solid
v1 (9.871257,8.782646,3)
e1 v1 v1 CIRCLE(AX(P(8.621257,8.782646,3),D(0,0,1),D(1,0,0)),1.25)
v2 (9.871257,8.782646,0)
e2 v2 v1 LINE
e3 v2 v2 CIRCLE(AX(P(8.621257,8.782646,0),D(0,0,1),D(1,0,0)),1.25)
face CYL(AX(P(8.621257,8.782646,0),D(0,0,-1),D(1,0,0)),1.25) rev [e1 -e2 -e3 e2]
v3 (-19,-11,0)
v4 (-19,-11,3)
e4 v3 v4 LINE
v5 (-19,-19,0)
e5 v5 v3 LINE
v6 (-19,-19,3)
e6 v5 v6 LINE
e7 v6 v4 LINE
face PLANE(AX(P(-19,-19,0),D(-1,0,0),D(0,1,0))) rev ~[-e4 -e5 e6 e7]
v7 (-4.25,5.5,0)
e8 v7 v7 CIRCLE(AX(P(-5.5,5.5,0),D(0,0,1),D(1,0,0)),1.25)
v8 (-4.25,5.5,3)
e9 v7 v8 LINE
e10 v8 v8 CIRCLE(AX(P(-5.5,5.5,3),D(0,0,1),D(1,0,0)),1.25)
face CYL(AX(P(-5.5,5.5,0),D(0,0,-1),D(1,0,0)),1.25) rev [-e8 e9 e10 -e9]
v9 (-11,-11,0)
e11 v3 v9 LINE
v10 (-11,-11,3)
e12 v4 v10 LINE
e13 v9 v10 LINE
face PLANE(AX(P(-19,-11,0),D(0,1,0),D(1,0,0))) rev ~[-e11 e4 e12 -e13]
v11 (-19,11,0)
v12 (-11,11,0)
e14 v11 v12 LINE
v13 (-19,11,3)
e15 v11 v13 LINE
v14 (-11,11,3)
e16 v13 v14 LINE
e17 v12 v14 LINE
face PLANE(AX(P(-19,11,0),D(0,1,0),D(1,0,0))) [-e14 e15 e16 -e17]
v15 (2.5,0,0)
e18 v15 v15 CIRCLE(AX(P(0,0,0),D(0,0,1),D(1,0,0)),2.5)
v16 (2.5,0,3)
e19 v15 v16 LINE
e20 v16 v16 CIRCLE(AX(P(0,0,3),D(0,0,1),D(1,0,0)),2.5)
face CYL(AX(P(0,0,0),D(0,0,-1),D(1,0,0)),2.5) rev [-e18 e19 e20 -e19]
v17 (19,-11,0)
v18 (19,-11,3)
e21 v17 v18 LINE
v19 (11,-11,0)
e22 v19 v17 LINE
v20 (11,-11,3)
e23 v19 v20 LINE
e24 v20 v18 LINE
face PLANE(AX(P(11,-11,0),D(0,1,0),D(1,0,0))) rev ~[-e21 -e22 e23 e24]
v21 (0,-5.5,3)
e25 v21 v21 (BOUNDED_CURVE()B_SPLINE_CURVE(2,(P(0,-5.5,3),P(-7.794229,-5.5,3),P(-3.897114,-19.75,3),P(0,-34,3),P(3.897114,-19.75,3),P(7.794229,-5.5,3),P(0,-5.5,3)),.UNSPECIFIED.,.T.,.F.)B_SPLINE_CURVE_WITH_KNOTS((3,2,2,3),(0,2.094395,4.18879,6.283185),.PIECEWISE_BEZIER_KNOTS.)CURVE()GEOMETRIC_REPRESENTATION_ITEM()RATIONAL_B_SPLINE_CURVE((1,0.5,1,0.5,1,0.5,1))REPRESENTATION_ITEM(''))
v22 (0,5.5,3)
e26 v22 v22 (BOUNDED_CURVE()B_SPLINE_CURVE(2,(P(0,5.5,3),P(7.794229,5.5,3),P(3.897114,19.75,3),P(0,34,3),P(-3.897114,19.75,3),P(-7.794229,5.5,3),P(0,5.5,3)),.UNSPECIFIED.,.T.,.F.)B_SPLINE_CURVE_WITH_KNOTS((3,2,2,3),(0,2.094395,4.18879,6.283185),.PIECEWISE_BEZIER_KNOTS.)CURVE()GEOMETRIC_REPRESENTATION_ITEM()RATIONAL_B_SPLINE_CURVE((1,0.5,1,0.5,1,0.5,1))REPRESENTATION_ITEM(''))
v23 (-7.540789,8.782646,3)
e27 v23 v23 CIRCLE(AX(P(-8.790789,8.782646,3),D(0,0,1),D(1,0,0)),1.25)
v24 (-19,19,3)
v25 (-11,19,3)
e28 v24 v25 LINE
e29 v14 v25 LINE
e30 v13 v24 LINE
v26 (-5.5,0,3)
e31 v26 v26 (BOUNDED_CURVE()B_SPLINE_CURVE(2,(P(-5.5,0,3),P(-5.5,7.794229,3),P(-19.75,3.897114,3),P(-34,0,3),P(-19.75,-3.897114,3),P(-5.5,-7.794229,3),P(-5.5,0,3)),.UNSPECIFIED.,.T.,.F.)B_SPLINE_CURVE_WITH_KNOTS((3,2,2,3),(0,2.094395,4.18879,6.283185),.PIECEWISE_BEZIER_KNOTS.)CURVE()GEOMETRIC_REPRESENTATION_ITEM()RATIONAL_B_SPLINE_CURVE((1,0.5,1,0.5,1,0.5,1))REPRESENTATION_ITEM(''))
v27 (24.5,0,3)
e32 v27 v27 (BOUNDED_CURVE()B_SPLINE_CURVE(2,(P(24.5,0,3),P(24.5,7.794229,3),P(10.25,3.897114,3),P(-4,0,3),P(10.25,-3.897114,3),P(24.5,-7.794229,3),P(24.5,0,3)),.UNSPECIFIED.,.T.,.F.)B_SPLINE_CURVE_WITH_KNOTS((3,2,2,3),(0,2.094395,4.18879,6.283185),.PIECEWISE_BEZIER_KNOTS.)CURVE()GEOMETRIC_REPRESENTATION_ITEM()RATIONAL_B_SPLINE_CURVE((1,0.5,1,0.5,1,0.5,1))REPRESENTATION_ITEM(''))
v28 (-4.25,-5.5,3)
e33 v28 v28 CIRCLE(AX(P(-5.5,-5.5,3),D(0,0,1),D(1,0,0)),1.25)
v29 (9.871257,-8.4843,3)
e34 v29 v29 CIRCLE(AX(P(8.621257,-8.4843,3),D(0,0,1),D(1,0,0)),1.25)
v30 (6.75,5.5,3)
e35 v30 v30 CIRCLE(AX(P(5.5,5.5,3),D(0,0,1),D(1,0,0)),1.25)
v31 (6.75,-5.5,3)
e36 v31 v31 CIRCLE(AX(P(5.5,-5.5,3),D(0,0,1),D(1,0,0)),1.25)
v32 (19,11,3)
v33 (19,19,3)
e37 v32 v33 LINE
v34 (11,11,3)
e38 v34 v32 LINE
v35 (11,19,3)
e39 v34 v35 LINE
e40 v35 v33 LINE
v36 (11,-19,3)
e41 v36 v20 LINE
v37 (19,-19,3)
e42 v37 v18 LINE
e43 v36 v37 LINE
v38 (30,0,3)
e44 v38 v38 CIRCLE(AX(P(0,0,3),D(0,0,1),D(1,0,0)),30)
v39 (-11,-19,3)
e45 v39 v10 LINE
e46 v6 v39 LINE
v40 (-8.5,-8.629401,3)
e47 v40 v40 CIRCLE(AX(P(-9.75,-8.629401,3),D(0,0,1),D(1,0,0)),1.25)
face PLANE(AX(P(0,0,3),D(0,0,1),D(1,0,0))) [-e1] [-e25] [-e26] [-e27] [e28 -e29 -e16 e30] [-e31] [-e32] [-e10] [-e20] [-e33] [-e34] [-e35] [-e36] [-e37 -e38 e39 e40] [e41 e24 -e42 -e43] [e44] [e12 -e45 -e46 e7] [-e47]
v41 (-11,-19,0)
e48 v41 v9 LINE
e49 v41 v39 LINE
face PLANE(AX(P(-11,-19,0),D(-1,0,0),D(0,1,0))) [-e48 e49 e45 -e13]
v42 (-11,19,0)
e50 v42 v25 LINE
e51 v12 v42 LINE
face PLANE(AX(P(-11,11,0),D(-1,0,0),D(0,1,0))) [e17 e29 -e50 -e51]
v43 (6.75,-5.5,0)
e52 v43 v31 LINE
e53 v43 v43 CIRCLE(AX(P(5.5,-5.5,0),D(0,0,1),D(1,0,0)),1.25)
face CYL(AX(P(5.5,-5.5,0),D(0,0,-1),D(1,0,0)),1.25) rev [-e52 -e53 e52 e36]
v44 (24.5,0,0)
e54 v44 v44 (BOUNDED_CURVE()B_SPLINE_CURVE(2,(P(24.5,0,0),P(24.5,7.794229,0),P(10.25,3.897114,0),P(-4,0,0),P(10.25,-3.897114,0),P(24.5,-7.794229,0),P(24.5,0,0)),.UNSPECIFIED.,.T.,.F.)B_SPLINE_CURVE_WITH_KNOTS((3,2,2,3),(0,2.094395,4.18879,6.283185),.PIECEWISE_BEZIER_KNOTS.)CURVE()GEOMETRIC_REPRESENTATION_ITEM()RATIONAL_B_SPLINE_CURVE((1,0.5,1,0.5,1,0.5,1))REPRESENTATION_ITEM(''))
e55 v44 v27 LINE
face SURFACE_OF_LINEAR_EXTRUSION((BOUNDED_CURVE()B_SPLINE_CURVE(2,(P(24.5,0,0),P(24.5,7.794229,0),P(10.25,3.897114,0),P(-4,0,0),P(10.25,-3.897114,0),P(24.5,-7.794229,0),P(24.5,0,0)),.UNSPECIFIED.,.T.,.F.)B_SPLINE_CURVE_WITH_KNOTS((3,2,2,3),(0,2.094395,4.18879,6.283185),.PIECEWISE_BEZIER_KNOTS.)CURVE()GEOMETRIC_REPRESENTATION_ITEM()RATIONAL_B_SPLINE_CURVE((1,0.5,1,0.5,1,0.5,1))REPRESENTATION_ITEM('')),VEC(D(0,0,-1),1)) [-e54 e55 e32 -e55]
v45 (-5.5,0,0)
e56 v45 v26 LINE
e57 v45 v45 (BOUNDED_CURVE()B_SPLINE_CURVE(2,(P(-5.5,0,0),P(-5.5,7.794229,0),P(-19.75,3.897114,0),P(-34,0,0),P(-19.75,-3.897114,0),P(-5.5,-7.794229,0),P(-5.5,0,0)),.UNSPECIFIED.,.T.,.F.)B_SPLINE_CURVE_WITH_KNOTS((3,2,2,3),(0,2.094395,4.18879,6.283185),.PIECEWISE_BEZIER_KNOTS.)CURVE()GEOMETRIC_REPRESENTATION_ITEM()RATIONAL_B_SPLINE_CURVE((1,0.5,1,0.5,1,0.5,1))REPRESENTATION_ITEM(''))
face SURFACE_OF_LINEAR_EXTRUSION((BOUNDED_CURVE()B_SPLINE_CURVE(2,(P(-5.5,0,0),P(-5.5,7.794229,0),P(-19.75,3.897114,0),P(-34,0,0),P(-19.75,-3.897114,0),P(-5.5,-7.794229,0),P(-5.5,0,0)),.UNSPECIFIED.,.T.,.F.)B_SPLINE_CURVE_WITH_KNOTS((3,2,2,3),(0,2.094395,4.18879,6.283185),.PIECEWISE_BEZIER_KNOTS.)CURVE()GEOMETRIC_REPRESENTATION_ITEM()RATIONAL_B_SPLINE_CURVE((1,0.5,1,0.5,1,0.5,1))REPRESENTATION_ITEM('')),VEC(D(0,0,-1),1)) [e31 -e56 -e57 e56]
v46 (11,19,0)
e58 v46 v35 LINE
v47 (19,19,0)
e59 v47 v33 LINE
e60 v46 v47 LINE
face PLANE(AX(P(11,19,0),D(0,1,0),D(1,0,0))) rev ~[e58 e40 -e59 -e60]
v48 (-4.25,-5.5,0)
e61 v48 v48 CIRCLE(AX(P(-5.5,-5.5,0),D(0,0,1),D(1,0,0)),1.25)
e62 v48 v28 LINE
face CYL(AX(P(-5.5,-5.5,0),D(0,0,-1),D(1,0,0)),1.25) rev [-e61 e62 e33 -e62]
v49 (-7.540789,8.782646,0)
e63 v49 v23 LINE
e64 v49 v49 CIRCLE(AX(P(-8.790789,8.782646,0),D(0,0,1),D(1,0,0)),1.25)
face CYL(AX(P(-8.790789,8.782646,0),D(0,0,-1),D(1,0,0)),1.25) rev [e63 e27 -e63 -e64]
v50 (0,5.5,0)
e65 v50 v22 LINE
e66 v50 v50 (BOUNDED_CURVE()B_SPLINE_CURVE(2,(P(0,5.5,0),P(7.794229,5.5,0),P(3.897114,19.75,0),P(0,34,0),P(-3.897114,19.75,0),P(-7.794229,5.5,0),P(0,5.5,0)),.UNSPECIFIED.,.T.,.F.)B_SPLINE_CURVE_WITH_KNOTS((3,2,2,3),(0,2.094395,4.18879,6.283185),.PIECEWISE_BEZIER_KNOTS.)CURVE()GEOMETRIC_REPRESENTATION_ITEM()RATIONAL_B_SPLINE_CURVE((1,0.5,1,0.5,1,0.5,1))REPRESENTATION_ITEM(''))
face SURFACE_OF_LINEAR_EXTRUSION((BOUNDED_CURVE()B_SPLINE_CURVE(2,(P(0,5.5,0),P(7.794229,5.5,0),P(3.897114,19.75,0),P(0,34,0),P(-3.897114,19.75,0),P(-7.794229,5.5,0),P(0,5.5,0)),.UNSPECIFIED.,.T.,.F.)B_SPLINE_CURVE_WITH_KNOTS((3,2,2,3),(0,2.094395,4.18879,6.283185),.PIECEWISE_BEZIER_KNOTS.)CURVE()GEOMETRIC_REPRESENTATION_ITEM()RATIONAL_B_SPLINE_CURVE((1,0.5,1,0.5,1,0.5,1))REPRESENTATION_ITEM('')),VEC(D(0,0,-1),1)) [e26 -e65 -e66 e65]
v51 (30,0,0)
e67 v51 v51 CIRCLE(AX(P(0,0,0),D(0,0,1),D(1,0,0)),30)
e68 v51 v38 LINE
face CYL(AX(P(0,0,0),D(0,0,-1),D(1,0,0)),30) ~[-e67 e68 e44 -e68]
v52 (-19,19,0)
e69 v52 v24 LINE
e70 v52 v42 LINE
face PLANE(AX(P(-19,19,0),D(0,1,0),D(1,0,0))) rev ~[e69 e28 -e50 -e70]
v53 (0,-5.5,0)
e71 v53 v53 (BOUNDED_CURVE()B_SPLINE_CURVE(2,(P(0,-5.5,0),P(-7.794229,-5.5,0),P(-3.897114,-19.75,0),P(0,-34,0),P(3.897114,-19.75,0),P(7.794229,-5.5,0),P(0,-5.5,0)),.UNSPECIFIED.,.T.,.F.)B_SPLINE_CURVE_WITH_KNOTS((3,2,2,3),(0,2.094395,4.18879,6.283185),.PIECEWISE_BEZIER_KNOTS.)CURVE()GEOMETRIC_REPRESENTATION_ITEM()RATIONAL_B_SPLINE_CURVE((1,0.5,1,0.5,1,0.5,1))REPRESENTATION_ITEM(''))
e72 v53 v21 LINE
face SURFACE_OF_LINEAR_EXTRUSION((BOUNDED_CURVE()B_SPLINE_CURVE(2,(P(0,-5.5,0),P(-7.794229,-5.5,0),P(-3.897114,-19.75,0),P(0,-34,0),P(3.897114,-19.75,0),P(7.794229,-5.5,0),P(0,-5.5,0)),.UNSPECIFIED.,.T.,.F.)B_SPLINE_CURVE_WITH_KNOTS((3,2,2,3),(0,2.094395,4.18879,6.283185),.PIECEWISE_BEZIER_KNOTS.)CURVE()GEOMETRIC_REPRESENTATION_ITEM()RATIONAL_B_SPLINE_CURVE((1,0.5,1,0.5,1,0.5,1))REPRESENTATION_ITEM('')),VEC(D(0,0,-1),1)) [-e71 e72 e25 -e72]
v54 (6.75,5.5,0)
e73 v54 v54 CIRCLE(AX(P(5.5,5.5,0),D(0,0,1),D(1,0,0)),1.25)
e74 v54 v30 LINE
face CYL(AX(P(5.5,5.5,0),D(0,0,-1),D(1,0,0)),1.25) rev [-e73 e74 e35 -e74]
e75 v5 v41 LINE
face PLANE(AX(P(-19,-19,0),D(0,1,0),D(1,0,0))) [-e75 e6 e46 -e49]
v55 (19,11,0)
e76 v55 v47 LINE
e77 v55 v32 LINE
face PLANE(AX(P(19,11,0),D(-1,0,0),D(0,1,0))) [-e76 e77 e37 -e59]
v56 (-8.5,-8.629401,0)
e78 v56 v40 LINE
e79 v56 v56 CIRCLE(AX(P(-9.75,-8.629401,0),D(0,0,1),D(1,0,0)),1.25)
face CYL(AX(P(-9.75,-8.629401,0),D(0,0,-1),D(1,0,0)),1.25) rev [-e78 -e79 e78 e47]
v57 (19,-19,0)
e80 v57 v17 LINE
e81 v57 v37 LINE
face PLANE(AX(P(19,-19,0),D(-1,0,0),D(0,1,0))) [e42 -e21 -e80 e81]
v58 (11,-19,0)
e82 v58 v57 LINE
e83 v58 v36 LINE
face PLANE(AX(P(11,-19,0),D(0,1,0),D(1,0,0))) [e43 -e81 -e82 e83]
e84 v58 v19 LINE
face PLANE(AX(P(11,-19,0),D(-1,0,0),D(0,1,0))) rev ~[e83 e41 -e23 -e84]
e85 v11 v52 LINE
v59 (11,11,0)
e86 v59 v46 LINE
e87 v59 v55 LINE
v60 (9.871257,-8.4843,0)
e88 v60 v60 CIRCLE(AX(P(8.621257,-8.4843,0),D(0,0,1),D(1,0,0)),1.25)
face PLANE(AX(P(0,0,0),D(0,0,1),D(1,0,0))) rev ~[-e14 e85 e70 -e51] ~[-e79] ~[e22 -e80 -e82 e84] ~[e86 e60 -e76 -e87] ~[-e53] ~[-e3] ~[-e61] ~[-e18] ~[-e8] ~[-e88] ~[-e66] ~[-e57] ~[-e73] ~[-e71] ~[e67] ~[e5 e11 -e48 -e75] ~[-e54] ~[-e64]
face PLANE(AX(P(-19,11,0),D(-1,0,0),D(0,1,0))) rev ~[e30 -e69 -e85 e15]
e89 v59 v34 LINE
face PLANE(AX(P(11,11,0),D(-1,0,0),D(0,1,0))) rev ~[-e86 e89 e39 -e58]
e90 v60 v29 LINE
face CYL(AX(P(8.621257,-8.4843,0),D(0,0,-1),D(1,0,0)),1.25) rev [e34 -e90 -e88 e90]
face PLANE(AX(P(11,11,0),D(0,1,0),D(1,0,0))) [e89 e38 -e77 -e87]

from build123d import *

# Parameters (mm, degrees)
F0_R     = 30
F0_W     = 8
F0_H     = 8
F0_R_2   = 1.25
F0_R_3   = 2.5
F1_DEPTH = 3


with BuildPart() as f1:
    # F0 (on Top) → F1 (new body)
    with BuildSketch(Plane.XY):
        Circle(F0_R)
        with Locations((-15, -15)):
            Rectangle(F0_W, F0_H, mode=Mode.SUBTRACT)
        with Locations((-9.75, -8.629401)):
            Circle(F0_R_2, mode=Mode.SUBTRACT)
        with Locations((-5.5, -5.5)):
            Circle(F0_R_2, mode=Mode.SUBTRACT)
        with BuildLine():
            add(Edge.make_bspline(
                [(0, -5.5), (-7.794229, -5.5), (-3.897114, -19.75), (0, -34), (3.897114, -19.75), (7.794229, -5.5), (0, -5.5)],
                knots=[0, 0, 0, 2.094395, 2.094395, 4.18879, 4.18879, 6.283185, 6.283185, 6.283185], degree=2, weights=[1, 0.5, 1, 0.5, 1, 0.5, 1]))
        make_face(mode=Mode.SUBTRACT)
        with Locations((8.621257, -8.4843)):
            Circle(F0_R_2, mode=Mode.SUBTRACT)
        with Locations((5.5, -5.5)):
            Circle(F0_R_2, mode=Mode.SUBTRACT)
        with Locations((15, -15)):
            Rectangle(F0_W, F0_H, mode=Mode.SUBTRACT)
        with BuildLine():
            add(Edge.make_bspline(
                [(-5.5, 0), (-5.5, 7.794229), (-19.75, 3.897114), (-34, 0), (-19.75, -3.897114), (-5.5, -7.794229), (-5.5, 0)],
                knots=[0, 0, 0, 2.094395, 2.094395, 4.18879, 4.18879, 6.283185, 6.283185, 6.283185], degree=2, weights=[1, 0.5, 1, 0.5, 1, 0.5, 1]))
        make_face(mode=Mode.SUBTRACT)
        with Locations((-5.5, 5.5)):
            Circle(F0_R_2, mode=Mode.SUBTRACT)
        with Locations((-8.790789, 8.782646)):
            Circle(F0_R_2, mode=Mode.SUBTRACT)
        with Locations((-15, 15)):
            Rectangle(F0_W, F0_H, mode=Mode.SUBTRACT)
        Circle(F0_R_3, mode=Mode.SUBTRACT)
        with Locations((5.5, 5.5)):
            Circle(F0_R_2, mode=Mode.SUBTRACT)
        with Locations((8.621257, 8.782646)):
            Circle(F0_R_2, mode=Mode.SUBTRACT)
        with BuildLine():
            add(Edge.make_bspline(
                [(24.5, 0), (24.5, 7.794229), (10.25, 3.897114), (-4, 0), (10.25, -3.897114), (24.5, -7.794229), (24.5, 0)],
                knots=[0, 0, 0, 2.094395, 2.094395, 4.18879, 4.18879, 6.283185, 6.283185, 6.283185], degree=2, weights=[1, 0.5, 1, 0.5, 1, 0.5, 1]))
        make_face(mode=Mode.SUBTRACT)
        with BuildLine():
            add(Edge.make_bspline(
                [(0, 5.5), (7.794229, 5.5), (3.897114, 19.75), (0, 34), (-3.897114, 19.75), (-7.794229, 5.5), (0, 5.5)],
                knots=[0, 0, 0, 2.094395, 2.094395, 4.18879, 4.18879, 6.283185, 6.283185, 6.283185], degree=2, weights=[1, 0.5, 1, 0.5, 1, 0.5, 1]))
        make_face(mode=Mode.SUBTRACT)
        with Locations((15, 15)):
            Rectangle(F0_W, F0_H, mode=Mode.SUBTRACT)
    extrude(amount=F1_DEPTH)


solid = f1.part
